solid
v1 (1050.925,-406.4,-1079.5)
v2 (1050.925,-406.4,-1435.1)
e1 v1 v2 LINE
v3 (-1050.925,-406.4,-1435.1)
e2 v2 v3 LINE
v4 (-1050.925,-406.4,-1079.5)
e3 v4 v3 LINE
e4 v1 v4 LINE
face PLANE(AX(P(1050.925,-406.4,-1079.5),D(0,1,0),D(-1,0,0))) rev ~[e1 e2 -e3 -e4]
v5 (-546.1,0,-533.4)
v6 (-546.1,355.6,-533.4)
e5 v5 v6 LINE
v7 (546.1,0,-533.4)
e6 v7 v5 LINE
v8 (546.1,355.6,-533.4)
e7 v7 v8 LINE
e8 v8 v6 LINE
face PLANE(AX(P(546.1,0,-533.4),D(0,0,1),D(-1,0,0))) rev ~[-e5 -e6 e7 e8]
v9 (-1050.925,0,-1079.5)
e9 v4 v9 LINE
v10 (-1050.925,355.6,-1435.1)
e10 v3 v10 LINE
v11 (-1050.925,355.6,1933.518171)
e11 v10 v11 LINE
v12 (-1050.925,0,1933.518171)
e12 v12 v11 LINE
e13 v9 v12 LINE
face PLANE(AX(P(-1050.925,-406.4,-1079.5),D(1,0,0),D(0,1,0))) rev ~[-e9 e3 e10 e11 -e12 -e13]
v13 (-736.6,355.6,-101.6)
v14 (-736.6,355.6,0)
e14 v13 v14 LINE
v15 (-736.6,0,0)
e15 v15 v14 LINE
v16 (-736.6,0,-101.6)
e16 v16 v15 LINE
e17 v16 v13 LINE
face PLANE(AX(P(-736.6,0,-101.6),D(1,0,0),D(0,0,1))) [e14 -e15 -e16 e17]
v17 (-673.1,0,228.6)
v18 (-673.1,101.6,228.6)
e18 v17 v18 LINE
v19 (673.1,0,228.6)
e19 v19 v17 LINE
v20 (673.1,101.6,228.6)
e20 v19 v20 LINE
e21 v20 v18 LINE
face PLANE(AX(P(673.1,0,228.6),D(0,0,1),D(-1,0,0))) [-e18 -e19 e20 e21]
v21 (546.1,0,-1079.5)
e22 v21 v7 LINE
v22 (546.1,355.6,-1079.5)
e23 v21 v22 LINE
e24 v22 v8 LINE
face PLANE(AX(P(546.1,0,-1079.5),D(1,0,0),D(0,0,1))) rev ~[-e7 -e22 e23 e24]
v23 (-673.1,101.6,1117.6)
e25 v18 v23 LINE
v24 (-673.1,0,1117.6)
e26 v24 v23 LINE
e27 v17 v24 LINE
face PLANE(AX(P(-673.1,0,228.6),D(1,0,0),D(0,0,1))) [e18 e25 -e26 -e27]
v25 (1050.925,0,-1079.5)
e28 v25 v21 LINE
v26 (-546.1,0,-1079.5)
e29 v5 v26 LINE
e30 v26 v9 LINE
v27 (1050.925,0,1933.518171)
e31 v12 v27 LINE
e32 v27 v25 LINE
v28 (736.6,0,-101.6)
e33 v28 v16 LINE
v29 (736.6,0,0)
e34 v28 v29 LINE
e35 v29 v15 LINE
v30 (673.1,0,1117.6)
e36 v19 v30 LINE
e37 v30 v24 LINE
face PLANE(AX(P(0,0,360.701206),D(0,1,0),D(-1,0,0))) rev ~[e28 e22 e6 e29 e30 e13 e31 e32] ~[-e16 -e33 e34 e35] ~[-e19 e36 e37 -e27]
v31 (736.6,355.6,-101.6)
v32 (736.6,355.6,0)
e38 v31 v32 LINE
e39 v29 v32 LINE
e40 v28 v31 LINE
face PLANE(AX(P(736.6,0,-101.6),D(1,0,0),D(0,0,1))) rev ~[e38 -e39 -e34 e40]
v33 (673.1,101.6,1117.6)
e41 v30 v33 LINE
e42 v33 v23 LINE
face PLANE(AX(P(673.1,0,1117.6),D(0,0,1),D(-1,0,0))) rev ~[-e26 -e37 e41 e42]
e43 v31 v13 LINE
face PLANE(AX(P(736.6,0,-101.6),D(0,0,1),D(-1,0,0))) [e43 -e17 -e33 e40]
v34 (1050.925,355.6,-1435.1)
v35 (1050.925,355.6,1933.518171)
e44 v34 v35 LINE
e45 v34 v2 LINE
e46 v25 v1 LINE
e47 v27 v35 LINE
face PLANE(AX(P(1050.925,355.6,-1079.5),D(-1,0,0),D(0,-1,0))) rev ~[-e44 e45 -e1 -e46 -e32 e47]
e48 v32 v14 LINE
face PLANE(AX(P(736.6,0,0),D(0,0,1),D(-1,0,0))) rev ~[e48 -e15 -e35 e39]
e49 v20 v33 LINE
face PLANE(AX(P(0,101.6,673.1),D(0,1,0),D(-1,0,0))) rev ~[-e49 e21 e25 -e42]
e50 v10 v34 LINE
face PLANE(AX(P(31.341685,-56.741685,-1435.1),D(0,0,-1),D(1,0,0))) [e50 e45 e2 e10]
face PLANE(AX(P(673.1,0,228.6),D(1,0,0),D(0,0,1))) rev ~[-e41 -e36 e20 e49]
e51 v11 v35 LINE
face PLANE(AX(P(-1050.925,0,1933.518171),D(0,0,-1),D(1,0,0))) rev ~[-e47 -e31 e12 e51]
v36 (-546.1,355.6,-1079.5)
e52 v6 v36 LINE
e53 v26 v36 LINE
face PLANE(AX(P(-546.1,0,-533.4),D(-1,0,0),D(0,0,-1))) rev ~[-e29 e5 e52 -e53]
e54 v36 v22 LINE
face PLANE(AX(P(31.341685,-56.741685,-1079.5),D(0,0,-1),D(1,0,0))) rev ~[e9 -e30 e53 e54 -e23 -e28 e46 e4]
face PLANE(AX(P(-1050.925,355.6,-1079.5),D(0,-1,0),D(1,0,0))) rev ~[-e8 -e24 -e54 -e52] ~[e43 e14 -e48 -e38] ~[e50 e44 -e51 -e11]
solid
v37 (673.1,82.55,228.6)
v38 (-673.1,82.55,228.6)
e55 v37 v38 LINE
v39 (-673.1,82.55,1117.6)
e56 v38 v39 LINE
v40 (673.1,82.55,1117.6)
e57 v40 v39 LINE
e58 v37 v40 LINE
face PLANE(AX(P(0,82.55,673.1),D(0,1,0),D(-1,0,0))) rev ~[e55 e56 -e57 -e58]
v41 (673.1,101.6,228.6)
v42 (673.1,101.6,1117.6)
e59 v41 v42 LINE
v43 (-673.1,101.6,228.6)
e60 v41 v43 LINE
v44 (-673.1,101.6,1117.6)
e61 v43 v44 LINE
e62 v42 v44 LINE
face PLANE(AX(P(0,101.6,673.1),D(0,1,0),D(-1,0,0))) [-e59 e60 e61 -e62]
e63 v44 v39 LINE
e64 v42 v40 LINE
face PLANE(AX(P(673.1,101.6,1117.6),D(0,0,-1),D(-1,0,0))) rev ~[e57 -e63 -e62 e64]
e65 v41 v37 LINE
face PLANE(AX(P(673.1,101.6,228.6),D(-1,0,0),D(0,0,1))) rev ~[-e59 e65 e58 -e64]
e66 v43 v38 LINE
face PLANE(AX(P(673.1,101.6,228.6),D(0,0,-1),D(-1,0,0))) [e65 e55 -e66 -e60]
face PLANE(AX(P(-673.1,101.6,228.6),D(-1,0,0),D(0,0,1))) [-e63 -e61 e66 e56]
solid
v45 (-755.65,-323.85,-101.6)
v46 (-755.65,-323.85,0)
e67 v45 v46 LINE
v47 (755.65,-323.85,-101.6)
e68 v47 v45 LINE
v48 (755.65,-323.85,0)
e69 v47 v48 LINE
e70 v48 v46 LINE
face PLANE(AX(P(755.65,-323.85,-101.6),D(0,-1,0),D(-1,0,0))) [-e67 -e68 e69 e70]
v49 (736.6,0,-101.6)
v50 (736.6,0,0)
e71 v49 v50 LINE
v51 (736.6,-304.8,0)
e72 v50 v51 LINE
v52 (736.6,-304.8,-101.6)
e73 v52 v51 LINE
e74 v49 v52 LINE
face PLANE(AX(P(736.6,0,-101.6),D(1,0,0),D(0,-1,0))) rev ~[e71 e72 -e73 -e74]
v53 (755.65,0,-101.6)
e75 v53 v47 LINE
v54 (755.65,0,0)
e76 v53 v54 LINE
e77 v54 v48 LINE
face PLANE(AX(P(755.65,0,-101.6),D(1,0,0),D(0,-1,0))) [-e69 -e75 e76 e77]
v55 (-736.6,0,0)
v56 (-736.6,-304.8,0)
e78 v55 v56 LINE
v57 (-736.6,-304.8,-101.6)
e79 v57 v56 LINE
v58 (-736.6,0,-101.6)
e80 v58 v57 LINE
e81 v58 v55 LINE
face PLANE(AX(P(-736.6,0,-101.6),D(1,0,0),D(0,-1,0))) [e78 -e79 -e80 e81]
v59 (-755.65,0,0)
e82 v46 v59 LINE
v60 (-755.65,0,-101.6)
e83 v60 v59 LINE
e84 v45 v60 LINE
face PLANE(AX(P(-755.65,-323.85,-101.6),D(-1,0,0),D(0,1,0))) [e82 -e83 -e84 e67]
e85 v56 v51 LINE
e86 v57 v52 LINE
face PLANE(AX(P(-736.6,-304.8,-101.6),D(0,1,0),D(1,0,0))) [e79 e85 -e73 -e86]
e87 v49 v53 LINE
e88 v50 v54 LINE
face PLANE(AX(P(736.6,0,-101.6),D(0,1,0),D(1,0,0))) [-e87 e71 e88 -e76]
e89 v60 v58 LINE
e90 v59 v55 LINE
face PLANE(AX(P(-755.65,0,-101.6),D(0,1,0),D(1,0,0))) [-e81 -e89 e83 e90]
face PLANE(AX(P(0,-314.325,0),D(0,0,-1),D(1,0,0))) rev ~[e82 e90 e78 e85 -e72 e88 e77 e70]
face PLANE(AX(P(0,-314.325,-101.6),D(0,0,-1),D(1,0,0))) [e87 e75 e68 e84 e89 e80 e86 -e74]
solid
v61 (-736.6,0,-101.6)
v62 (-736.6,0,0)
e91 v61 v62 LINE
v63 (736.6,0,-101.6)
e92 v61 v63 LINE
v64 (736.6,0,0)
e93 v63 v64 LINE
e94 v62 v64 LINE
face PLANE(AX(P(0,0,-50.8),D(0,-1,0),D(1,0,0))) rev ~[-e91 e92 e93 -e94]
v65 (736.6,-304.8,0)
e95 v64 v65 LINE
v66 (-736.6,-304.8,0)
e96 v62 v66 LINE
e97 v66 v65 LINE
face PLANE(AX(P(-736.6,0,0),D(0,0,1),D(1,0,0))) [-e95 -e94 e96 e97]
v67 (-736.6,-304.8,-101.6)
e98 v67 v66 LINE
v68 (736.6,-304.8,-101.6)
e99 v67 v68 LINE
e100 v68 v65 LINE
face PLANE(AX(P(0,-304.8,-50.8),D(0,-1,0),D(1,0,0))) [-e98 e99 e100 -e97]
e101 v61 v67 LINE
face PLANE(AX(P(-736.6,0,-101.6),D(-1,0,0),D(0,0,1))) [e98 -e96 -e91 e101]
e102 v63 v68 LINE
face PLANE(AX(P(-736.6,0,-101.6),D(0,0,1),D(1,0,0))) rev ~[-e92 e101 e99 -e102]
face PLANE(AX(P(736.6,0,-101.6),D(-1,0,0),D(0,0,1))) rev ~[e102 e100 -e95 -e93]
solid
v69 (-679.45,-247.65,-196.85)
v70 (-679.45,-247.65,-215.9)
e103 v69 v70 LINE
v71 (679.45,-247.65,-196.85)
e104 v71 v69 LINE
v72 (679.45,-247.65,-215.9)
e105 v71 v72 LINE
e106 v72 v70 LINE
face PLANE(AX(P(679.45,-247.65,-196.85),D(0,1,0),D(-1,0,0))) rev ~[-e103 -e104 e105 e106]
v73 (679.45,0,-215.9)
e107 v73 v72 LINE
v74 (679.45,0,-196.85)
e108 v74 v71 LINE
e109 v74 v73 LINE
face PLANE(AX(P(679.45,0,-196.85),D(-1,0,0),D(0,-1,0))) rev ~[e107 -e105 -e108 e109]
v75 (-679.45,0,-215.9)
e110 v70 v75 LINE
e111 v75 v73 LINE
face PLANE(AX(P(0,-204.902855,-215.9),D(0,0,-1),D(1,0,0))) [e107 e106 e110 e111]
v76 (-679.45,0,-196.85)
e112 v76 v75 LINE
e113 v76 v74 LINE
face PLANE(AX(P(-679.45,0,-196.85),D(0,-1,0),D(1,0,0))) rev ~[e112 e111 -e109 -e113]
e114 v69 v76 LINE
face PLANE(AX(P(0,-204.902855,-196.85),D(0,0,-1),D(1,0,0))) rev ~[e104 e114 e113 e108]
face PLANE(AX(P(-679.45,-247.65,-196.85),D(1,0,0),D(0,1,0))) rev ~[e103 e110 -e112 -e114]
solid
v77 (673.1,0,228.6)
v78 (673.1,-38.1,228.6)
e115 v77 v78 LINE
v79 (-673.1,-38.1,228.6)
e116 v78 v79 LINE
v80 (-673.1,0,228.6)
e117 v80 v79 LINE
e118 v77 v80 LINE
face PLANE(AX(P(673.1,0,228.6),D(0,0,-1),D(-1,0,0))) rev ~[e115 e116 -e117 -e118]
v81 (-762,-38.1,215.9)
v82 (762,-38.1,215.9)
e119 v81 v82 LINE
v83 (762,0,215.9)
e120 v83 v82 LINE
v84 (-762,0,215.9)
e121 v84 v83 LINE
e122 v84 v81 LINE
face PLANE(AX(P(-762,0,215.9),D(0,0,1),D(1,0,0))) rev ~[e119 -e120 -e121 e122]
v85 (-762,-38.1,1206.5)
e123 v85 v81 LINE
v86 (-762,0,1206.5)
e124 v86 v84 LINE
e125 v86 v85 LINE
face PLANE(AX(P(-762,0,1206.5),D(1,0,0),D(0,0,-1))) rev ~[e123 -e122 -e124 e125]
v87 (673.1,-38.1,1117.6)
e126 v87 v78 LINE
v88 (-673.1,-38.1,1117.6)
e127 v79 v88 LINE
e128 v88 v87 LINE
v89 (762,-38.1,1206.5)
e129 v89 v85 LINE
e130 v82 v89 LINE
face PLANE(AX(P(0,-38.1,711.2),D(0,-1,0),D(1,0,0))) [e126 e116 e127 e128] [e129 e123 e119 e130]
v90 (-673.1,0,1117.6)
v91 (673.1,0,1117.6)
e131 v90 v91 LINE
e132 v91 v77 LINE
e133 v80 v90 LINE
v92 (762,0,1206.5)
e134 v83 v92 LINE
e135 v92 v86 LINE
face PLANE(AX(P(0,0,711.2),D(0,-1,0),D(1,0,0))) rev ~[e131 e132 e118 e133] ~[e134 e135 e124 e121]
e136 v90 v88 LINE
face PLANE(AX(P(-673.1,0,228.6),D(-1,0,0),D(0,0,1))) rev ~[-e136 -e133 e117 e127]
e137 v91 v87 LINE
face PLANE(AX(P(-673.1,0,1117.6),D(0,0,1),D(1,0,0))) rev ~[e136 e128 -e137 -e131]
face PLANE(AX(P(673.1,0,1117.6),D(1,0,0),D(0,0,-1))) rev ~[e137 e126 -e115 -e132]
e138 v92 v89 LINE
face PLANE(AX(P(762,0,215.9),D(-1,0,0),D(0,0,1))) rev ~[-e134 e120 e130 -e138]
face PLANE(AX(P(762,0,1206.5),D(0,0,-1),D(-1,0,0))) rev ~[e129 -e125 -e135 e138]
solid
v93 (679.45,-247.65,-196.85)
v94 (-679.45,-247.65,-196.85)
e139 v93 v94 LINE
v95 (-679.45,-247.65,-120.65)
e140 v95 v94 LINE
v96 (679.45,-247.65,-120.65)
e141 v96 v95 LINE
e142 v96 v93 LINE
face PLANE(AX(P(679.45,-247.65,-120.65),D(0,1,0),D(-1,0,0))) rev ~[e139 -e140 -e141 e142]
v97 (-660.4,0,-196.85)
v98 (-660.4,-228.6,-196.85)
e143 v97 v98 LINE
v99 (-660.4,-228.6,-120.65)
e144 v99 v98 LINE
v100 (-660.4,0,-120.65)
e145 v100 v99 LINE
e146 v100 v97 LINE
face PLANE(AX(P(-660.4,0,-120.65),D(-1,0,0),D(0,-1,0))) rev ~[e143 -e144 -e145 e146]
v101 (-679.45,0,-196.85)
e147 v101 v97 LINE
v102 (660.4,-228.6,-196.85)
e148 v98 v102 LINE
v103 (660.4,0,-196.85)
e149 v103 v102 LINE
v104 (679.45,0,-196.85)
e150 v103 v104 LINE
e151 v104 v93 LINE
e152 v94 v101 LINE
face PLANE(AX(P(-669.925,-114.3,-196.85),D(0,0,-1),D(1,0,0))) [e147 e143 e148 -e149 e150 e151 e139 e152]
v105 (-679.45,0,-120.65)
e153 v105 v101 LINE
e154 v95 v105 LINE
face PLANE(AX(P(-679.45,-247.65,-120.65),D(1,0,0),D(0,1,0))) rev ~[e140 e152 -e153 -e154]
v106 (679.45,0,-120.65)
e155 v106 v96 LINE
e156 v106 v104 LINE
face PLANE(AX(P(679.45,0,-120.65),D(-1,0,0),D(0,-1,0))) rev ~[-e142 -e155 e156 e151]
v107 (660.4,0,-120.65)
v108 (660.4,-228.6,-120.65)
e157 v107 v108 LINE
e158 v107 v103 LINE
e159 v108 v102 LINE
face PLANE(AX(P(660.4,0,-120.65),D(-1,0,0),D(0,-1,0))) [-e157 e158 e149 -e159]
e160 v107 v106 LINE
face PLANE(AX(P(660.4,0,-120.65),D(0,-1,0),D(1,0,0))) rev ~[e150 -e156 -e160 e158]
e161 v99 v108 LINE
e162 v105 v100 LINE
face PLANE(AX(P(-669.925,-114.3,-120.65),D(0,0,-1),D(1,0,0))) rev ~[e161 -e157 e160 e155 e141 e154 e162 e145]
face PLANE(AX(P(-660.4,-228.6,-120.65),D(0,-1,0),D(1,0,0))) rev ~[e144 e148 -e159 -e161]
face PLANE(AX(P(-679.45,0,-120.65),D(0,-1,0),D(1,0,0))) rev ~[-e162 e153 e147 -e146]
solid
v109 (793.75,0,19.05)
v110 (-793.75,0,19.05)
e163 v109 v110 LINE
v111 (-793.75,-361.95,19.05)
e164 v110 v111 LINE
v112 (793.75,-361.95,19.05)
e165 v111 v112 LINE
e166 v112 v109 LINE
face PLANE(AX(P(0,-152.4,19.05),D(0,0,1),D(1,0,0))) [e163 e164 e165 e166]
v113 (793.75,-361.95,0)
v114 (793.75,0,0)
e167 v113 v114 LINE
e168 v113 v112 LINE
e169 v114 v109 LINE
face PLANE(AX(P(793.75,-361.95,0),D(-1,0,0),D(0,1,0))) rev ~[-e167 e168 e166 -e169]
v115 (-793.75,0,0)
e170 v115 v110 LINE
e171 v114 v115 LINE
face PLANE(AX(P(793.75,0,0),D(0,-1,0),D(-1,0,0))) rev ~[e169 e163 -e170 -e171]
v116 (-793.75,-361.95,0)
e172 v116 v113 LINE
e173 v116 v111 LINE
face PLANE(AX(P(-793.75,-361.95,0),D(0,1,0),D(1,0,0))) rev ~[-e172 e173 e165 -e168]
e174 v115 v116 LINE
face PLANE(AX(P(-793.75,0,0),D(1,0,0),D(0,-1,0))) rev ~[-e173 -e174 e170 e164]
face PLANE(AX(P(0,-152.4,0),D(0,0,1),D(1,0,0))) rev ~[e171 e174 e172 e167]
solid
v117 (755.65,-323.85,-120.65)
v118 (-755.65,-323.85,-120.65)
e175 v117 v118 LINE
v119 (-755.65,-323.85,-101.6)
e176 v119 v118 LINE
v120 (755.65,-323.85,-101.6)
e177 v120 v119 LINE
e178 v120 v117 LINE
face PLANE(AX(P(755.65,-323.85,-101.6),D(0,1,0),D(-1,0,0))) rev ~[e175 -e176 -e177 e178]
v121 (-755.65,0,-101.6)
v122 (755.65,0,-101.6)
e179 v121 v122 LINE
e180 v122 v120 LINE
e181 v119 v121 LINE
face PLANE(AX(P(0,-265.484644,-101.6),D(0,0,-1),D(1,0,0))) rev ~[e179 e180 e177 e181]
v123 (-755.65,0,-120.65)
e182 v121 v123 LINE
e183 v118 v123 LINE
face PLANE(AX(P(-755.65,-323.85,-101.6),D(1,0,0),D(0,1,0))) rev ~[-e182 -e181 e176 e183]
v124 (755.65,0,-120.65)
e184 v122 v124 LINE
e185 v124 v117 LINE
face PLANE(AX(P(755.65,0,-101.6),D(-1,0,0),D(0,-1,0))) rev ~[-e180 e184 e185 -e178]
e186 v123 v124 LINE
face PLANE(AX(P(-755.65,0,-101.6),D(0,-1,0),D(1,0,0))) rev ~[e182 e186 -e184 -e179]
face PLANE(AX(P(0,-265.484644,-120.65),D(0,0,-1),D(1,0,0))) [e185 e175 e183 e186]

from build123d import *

# Parameters (mm, degrees)
F0_W      = 1473.2
F0_H      = 101.6
F1_DEPTH  = 304.8
F2_W      = 19.05
F2_H      = 304.8
F3_DEPTH  = 101.6
F4_W      = 1473.2
F4_H      = 304.8
F5_DEPTH  = 19.05
F6_W      = 1473.2
F6_H      = 304.8
F7_DEPTH  = 19.05
F8_W      = 19.05
F8_H      = 228.6
F9_DEPTH  = 76.2
F10_W     = 1320.8
F10_H     = 228.6
F11_DEPTH = 19.05
F12_W     = 1473.2
F12_H     = 101.6
F12_W_2   = 1346.2
F12_H_2   = 889
F13_DEPTH = 355.6
F14_DEPTH = 101.6
F15_W     = 504.825
F15_H     = 355.6
F16_DEPTH = 355.6
F18_DEPTH = 127
F20_DEPTH = 1468.6634540558
F22_DEPTH = 38.1
F23_DEPTH = 19.05


with BuildPart() as f1:
    # F0 (on Front) → F1 (new body)
    with BuildSketch(Plane.XZ):
        with Locations((0, -50.8)):
            Rectangle(F0_W, F0_H)
    extrude(amount=F1_DEPTH)


with BuildPart() as f3:
    # F2 (on face) → F3 (new body, through all)
    with BuildSketch(Plane(origin=(0, 0, -101.6), x_dir=(1, 0, 0), z_dir=(0, 0, -1))):
        Polygon((755.65, 323.85), (-755.65, 323.85), (-755.65, 304.8), (-736.6, 304.8), (736.6, 304.8), (755.65, 304.8), align=None)
        with Locations((-746.125, 152.4)):
            Rectangle(F2_W, F2_H)
        with Locations((746.125, 152.4)):
            Rectangle(F2_W, F2_H)
    extrude(amount=-F3_DEPTH)


with BuildPart() as f5:
    # F4 (on face) → F5 (new body)
    with BuildSketch(Plane(origin=(0, 0, -101.6), x_dir=(1, 0, 0), z_dir=(0, 0, -1))):
        Polygon((755.65, 323.85), (-755.65, 323.85), (-755.65, 0), (-736.6, 0), (-736.6, 304.8), (736.6, 304.8), (736.6, 0), (755.65, 0), align=None)
        with Locations((0, 152.4)):
            Rectangle(F4_W, F4_H)
    extrude(amount=F5_DEPTH)


with BuildPart() as f7:
    # F6 (on face) → F7 (new body)
    with BuildSketch(Plane.XY):
        with Locations((0, -152.4)):
            Rectangle(F6_W, F6_H)
        Polygon((-736.6, 0), (-755.65, 0), (-793.75, 0), (-793.75, -361.95), (793.75, -361.95), (793.75, 0), (755.65, 0), (736.6, 0), (736.6, -304.8), (-736.6, -304.8), align=None)
    extrude(amount=F7_DEPTH)


with BuildPart() as f9:
    # F8 (on face) → F9 (new body)
    with BuildSketch(Plane(origin=(0, 0, -120.65), x_dir=(1, 0, 0), z_dir=(0, 0, -1))):
        with Locations((-669.925, 114.3)):
            Rectangle(F8_W, F8_H)
        Polygon((-679.45, 247.65), (-679.45, 228.6), (-660.4, 228.6), (660.4, 228.6), (679.45, 228.6), (679.45, 247.65), align=None)
        with Locations((669.925, 114.3)):
            Rectangle(F8_W, F8_H)
    extrude(amount=F9_DEPTH)


with BuildPart() as f11:
    # F10 (on face) → F11 (new body)
    with BuildSketch(Plane(origin=(0, 0, -196.85), x_dir=(1, 0, 0), z_dir=(0, 0, -1))):
        Polygon((679.45, 0), (679.45, 247.65), (-679.45, 247.65), (-679.45, 0), (-660.4, 0), (-660.4, 228.6), (660.4, 228.6), (660.4, 0), align=None)
        with Locations((0, 114.3)):
            Rectangle(F10_W, F10_H)
    extrude(amount=F11_DEPTH)


with BuildPart() as f13:
    # F12 (on face) → F13 (new body)
    with BuildSketch(Plane(origin=(0, 0, 0), x_dir=(-1, 0, 0), z_dir=(0, 1, 0))):
        Polygon((-1050.925, 1117.6), (-1050.925, -1079.5), (-546.1, -1079.5), (-546.1, -533.4), (546.1, -533.4), (546.1, -1079.5), (1050.925, -1079.5), (1050.925, 1117.6), (1050.925, 1933.5181713104), (-1050.925, 1933.5181713104), align=None)
        with Locations((0, -50.8)):
            Rectangle(F12_W, F12_H, mode=Mode.SUBTRACT)
        with Locations((0, 673.1)):
            Rectangle(F12_W_2, F12_H_2, mode=Mode.SUBTRACT)
        with Locations((0, 673.1)):
            Rectangle(F12_W_2, F12_H_2)
    extrude(amount=F13_DEPTH)

    # F12 (on face) → F14 (cut)
    with BuildSketch(Plane(origin=(0, 0, 0), x_dir=(-1, 0, 0), z_dir=(0, 1, 0))):
        with Locations((0, 673.1)):
            Rectangle(F12_W_2, F12_H_2)
    extrude(amount=F14_DEPTH, mode=Mode.SUBTRACT)

    # F15 (on face) → F16 (join)
    with BuildSketch(Plane(origin=(0, 0, -1079.5), x_dir=(1, 0, 0), z_dir=(0, 0, -1))):
        Polygon((-546.1, 0), (-546.1, -355.6), (1050.925, -355.6), (1050.925, 406.4), (-1050.925, 406.4), (-1050.925, 0), align=None)
        with Locations((-798.5125, -177.8)):
            Rectangle(F15_W, F15_H)
    extrude(amount=F16_DEPTH)


with BuildPart() as f18:
    # F17 (on face) → F18 (new body)
    with BuildSketch(Plane.XZ):
        Polygon((476.25, -215.9), (400.05, -215.9), (438.15, -444.5), (476.25, -444.5), align=None)
        Polygon((552.45, -215.9), (476.25, -215.9), (476.25, -444.5), (514.35, -444.5), align=None)
    extrude(amount=F18_DEPTH)


with BuildPart() as f18b:
    # F17 (on face) → F18, piece 2 (new body)
    with BuildSketch(Plane.XZ):
        Polygon((-400.05, -215.9), (-476.25, -215.9), (-476.25, -444.5), (-438.15, -444.5), align=None)
        Polygon((-476.25, -215.9), (-552.45, -215.9), (-514.35, -444.5), (-476.25, -444.5), align=None)
    extrude(amount=F18_DEPTH)


with BuildPart() as f20_tool:
    # F19 (on face) → F20 (new body)
    with BuildSketch(Plane(origin=(-679.45, 0, 0), x_dir=(0, -1, 0), z_dir=(-1, 0, 0))):
        Polygon((127, -444.5), (127, -215.9), (50.8, -444.5), align=None)
    extrude(amount=-F20_DEPTH)


with BuildPart() as f18_1:
    add(f18.part)

    # F20: cut by f20_tool
    add(f20_tool.part, mode=Mode.SUBTRACT)


with BuildPart() as f18b_1:
    add(f18b.part)

    # F20: cut by f20_tool
    add(f20_tool.part, mode=Mode.SUBTRACT)


with BuildPart() as f22:
    # F21 (on face) → F22 (new body)
    with BuildSketch(Plane.XZ):
        Polygon((762, 1206.5), (-762, 1206.5), (-762, 215.9), (762, 215.9), (762, 1117.6), align=None)
        Polygon((-673.1, 228.6), (-673.1, 304.8), (-673.1, 1117.6), (673.1, 1117.6), (673.1, 304.8), (673.1, 228.6), align=None, mode=Mode.SUBTRACT)
    extrude(amount=F22_DEPTH)


with BuildPart() as f23:
    # F23 (new): a face of the model
    f23_faces = [f13.part.faces().sort_by_distance(p)[0] for p in [
        (0, 101.6, 673.1),
    ]]
    extrude(f23_faces, amount=F23_DEPTH)


solid = Compound([f1.part, f3.part, f5.part, f7.part, f9.part, f11.part, f13.part, f22.part, f23.part])
